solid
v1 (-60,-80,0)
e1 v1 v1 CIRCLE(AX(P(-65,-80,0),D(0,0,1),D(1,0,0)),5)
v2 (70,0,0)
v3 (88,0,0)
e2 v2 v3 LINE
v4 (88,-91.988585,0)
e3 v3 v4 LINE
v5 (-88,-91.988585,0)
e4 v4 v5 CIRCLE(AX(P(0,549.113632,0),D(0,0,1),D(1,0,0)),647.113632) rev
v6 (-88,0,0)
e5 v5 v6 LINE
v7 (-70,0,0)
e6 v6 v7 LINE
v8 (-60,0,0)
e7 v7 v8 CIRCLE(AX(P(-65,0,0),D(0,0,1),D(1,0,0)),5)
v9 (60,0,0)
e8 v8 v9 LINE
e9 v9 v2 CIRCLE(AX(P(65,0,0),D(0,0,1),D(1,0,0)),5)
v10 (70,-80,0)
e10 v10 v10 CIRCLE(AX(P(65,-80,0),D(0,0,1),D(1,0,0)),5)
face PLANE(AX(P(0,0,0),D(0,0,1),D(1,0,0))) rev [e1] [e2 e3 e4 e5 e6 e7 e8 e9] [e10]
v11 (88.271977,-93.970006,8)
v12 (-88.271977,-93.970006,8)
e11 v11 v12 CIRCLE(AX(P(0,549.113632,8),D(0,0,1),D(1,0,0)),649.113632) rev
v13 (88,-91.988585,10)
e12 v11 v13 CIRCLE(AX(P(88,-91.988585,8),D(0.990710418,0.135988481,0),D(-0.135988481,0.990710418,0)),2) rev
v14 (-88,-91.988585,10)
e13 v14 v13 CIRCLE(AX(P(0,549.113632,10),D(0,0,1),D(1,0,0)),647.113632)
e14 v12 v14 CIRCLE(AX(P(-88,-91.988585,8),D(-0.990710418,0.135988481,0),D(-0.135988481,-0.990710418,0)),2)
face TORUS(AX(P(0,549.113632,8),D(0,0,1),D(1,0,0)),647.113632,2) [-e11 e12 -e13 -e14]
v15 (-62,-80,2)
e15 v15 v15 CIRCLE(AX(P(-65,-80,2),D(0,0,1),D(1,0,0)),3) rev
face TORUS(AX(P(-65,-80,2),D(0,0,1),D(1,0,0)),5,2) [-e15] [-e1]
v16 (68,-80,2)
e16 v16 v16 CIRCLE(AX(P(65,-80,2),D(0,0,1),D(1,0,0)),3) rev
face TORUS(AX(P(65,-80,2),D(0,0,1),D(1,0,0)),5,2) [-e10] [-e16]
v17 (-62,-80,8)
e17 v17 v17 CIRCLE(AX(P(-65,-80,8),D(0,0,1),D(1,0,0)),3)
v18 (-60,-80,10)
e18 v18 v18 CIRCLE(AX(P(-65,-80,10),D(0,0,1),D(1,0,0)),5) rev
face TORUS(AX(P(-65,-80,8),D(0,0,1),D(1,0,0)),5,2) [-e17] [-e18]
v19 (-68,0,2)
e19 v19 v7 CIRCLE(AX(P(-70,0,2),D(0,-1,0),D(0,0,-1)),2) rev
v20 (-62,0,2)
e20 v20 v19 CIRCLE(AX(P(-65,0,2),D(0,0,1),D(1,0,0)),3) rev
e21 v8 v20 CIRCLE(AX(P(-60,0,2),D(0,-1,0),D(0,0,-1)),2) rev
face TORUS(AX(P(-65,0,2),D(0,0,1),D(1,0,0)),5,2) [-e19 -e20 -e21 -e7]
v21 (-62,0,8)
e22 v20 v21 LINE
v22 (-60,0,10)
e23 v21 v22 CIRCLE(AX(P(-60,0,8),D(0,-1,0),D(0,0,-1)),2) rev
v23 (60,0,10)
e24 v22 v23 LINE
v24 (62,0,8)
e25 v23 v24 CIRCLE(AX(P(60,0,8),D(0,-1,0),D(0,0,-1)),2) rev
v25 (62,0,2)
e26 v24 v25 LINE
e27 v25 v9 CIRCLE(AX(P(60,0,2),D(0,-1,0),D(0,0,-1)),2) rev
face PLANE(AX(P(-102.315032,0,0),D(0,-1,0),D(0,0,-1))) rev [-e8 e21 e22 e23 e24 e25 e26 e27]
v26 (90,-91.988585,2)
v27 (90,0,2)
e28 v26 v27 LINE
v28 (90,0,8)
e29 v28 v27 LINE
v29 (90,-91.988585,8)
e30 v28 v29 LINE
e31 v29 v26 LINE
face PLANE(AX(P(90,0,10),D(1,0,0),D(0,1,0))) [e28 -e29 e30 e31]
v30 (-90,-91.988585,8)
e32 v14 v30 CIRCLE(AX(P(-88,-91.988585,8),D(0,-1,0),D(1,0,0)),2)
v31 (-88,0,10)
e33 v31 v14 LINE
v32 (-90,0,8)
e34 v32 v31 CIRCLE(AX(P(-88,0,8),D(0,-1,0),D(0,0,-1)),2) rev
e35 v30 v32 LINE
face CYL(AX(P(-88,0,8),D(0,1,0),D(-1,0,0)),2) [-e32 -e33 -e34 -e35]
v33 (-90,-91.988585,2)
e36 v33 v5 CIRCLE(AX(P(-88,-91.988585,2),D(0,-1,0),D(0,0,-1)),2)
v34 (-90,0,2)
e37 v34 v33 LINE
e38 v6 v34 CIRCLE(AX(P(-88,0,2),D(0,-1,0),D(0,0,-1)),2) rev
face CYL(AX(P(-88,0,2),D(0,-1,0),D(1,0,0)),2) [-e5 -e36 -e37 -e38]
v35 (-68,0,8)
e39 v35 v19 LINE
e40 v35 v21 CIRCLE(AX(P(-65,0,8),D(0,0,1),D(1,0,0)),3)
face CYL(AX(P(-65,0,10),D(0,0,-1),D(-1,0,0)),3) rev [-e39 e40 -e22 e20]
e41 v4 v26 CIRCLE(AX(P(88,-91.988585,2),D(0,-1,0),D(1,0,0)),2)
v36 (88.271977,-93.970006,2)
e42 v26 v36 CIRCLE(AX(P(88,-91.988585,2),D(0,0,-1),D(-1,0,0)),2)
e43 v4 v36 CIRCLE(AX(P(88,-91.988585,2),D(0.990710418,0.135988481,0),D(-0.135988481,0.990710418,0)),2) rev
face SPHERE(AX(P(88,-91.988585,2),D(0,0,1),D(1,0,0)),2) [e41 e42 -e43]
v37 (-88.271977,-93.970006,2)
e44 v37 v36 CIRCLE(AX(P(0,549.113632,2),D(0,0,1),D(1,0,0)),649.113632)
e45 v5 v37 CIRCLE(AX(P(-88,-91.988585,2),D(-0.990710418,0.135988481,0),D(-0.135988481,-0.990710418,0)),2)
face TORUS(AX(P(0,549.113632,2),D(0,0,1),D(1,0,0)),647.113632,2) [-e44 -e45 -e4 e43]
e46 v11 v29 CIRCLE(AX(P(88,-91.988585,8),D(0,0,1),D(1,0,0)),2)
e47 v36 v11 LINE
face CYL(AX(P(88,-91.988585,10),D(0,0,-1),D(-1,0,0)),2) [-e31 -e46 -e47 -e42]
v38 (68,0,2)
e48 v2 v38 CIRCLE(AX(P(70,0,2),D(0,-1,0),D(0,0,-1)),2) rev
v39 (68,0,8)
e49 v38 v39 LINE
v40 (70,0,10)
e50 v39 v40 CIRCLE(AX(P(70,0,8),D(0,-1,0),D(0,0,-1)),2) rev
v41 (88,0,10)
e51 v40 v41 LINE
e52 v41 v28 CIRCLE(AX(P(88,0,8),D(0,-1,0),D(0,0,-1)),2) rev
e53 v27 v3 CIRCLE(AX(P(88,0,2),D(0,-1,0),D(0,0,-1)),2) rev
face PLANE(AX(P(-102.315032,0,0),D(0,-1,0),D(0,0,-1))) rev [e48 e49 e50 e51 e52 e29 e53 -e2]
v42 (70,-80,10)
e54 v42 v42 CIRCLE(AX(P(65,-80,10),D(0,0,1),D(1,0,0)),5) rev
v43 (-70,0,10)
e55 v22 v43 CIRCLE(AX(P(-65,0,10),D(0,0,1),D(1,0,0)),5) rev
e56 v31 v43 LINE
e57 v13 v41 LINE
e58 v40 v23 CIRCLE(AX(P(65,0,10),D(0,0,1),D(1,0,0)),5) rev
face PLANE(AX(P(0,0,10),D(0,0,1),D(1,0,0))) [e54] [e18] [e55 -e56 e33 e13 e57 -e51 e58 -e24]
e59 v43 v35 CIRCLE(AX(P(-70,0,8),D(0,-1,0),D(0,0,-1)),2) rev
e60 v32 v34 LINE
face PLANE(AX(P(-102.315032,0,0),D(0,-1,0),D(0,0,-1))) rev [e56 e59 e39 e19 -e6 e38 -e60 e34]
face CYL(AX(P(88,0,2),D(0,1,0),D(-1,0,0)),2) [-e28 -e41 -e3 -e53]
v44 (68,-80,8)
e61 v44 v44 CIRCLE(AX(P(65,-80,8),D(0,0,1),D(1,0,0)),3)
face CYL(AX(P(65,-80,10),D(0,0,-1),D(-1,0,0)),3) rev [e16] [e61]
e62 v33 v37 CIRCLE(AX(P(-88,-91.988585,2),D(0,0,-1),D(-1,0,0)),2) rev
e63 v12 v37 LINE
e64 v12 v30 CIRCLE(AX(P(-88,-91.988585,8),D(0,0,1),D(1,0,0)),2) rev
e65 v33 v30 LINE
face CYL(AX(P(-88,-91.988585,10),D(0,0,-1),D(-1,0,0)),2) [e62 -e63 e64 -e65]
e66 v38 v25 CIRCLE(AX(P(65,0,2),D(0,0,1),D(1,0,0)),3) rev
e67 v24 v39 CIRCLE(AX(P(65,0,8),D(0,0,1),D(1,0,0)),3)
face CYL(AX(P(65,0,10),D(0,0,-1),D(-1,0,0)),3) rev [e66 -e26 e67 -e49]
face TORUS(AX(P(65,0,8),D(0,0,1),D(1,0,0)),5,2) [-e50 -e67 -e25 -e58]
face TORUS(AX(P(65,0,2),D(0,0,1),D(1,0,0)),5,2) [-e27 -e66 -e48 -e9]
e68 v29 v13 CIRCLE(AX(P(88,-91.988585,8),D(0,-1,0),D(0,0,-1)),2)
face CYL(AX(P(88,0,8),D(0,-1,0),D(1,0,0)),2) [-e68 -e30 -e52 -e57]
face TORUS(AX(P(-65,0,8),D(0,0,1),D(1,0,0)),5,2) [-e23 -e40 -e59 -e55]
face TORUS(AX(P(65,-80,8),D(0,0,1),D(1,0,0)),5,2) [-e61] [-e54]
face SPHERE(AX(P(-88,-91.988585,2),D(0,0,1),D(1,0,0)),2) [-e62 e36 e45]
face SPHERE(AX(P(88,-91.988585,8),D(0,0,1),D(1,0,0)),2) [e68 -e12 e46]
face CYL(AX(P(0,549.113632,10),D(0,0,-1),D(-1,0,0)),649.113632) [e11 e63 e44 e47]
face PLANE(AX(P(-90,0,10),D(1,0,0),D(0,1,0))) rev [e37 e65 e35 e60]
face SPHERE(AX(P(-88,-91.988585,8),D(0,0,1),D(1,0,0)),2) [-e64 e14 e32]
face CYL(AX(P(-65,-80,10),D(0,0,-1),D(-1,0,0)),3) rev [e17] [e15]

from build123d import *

# Parameters (mm, degrees)
SKETCH2_W                 = 180
SKETCH2_H                 = 180
BOSS_EXTRUDE1_DEPTH       = 10
SKETCH4_R                 = 3
CUT_EXTRUDE4_DEPTH        = 10
LPATTERN2_COUNT           = 2
LPATTERN2_PITCH           = 130
LPATTERN2_COUNT_DIR2      = 2
LPATTERN2_PITCH_DIR2      = 80
LPATTERN3_COUNT           = 2
LPATTERN3_PITCH           = 80
LPATTERN3_COPY_1_SKETCH_R = 3
LPATTERN3_COPY_1_DEPTH    = 10
LPATTERN3_COPY_2_SKETCH_R = 3
LPATTERN3_COPY_2_DEPTH    = 10
LPATTERN3_COPY_3_SKETCH_R = 3
LPATTERN3_COPY_3_DEPTH    = 10
FILLET1_R                 = 2
SKETCH5_W                 = 226.866804214
SKETCH5_H                 = 113.685590411
CUT_EXTRUDE5_DEPTH        = 10


with BuildPart() as part:
    # Sketch2 → Boss-Extrude1 (new body)
    with BuildSketch(Plane.XY):
        with Locations((0, -3.730444936)):
            Rectangle(SKETCH2_W, SKETCH2_H)
        with BuildLine():
            ThreePointArc((-90, 86.269555064), (0, 100), (90, 86.269555064))
            Line((90, 86.269555064), (-90, 86.269555064))
        make_face()
        with BuildLine():
            ThreePointArc((90, -93.730444936), (0, -100), (-90, -93.730444936))
            Line((-90, -93.730444936), (90, -93.730444936))
        make_face()
    extrude(amount=BOSS_EXTRUDE1_DEPTH)

    # Sketch4 → Cut-Extrude4 (cut)
    with BuildSketch(Plane.XY):
        with Locations((-65, 0)):
            Circle(SKETCH4_R)
    cut_extrude4 = extrude(amount=CUT_EXTRUDE4_DEPTH, mode=Mode.SUBTRACT)

    # LPattern2: Cut-Extrude4 2 × 2
    with Locations(*[(i * LPATTERN2_PITCH, -j * LPATTERN2_PITCH_DIR2, 0) for i in range(LPATTERN2_COUNT) for j in range(LPATTERN2_COUNT_DIR2) if (i, j) != (0, 0)]):
        add(cut_extrude4, mode=Mode.SUBTRACT)

    # LPattern3: Cut-Extrude4 ×2
    with Locations(*[(0, i * LPATTERN3_PITCH, 0) for i in range(1, LPATTERN3_COUNT)]):
        add(cut_extrude4, mode=Mode.SUBTRACT)

    # LPattern3 copy 1 sketch → LPattern3 copy 1 (cut)
    with BuildSketch(Plane.XY):
        with Locations((-65, 0)):
            Circle(LPATTERN3_COPY_1_SKETCH_R)
    extrude(amount=LPATTERN3_COPY_1_DEPTH, mode=Mode.SUBTRACT)

    # LPattern3 copy 2 sketch → LPattern3 copy 2 (cut)
    with BuildSketch(Plane(origin=(130, 80, 0), x_dir=(1, 0, 0), z_dir=(0, 0, 1))):
        with Locations((-65, 0)):
            Circle(LPATTERN3_COPY_2_SKETCH_R)
    extrude(amount=LPATTERN3_COPY_2_DEPTH, mode=Mode.SUBTRACT)

    # LPattern3 copy 3 sketch → LPattern3 copy 3 (cut)
    with BuildSketch(Plane(origin=(130, 0, 0), x_dir=(1, 0, 0), z_dir=(0, 0, 1))):
        with Locations((-65, 0)):
            Circle(LPATTERN3_COPY_3_SKETCH_R)
    extrude(amount=LPATTERN3_COPY_3_DEPTH, mode=Mode.SUBTRACT)

    # Fillet1
    fillet1_edges = [part.edges().sort_by_distance(p)[0] for p in [
        (0, 100, 10),
        (-90, -3.730444936, 10),
        (-68, 0, 0),
        (-68, 0, 10),
        (0, -100, 10),
        (62, 0, 10),
        (62, 0, 0),
        (-68, -80, 10),
        (-68, -80, 0),
        (62, -80, 10),
        (62, -80, 0),
        (62, 80, 0),
        (62, 80, 10),
        (-68, 80, 0),
        (-68, 80, 10),
        (90, -3.730444936, 10),
        (0, -100, 0),
        (-90, -3.730444936, 0),
        (0, 100, 0),
        (90, -3.730444936, 0),
        (90, -93.730444936, 5),
        (-90, -93.730444936, 5),
        (-90, 86.269555064, 5),
        (90, 86.269555064, 5),
    ]]
    fillet(fillet1_edges, radius=FILLET1_R)

    # Sketch5 → Cut-Extrude5 (cut)
    with BuildSketch(Plane.XY.offset(10)):
        with Locations((11.118369718, 56.842795206)):
            Rectangle(SKETCH5_W, SKETCH5_H)
    extrude(amount=-CUT_EXTRUDE5_DEPTH, mode=Mode.SUBTRACT)


solid = part.part
